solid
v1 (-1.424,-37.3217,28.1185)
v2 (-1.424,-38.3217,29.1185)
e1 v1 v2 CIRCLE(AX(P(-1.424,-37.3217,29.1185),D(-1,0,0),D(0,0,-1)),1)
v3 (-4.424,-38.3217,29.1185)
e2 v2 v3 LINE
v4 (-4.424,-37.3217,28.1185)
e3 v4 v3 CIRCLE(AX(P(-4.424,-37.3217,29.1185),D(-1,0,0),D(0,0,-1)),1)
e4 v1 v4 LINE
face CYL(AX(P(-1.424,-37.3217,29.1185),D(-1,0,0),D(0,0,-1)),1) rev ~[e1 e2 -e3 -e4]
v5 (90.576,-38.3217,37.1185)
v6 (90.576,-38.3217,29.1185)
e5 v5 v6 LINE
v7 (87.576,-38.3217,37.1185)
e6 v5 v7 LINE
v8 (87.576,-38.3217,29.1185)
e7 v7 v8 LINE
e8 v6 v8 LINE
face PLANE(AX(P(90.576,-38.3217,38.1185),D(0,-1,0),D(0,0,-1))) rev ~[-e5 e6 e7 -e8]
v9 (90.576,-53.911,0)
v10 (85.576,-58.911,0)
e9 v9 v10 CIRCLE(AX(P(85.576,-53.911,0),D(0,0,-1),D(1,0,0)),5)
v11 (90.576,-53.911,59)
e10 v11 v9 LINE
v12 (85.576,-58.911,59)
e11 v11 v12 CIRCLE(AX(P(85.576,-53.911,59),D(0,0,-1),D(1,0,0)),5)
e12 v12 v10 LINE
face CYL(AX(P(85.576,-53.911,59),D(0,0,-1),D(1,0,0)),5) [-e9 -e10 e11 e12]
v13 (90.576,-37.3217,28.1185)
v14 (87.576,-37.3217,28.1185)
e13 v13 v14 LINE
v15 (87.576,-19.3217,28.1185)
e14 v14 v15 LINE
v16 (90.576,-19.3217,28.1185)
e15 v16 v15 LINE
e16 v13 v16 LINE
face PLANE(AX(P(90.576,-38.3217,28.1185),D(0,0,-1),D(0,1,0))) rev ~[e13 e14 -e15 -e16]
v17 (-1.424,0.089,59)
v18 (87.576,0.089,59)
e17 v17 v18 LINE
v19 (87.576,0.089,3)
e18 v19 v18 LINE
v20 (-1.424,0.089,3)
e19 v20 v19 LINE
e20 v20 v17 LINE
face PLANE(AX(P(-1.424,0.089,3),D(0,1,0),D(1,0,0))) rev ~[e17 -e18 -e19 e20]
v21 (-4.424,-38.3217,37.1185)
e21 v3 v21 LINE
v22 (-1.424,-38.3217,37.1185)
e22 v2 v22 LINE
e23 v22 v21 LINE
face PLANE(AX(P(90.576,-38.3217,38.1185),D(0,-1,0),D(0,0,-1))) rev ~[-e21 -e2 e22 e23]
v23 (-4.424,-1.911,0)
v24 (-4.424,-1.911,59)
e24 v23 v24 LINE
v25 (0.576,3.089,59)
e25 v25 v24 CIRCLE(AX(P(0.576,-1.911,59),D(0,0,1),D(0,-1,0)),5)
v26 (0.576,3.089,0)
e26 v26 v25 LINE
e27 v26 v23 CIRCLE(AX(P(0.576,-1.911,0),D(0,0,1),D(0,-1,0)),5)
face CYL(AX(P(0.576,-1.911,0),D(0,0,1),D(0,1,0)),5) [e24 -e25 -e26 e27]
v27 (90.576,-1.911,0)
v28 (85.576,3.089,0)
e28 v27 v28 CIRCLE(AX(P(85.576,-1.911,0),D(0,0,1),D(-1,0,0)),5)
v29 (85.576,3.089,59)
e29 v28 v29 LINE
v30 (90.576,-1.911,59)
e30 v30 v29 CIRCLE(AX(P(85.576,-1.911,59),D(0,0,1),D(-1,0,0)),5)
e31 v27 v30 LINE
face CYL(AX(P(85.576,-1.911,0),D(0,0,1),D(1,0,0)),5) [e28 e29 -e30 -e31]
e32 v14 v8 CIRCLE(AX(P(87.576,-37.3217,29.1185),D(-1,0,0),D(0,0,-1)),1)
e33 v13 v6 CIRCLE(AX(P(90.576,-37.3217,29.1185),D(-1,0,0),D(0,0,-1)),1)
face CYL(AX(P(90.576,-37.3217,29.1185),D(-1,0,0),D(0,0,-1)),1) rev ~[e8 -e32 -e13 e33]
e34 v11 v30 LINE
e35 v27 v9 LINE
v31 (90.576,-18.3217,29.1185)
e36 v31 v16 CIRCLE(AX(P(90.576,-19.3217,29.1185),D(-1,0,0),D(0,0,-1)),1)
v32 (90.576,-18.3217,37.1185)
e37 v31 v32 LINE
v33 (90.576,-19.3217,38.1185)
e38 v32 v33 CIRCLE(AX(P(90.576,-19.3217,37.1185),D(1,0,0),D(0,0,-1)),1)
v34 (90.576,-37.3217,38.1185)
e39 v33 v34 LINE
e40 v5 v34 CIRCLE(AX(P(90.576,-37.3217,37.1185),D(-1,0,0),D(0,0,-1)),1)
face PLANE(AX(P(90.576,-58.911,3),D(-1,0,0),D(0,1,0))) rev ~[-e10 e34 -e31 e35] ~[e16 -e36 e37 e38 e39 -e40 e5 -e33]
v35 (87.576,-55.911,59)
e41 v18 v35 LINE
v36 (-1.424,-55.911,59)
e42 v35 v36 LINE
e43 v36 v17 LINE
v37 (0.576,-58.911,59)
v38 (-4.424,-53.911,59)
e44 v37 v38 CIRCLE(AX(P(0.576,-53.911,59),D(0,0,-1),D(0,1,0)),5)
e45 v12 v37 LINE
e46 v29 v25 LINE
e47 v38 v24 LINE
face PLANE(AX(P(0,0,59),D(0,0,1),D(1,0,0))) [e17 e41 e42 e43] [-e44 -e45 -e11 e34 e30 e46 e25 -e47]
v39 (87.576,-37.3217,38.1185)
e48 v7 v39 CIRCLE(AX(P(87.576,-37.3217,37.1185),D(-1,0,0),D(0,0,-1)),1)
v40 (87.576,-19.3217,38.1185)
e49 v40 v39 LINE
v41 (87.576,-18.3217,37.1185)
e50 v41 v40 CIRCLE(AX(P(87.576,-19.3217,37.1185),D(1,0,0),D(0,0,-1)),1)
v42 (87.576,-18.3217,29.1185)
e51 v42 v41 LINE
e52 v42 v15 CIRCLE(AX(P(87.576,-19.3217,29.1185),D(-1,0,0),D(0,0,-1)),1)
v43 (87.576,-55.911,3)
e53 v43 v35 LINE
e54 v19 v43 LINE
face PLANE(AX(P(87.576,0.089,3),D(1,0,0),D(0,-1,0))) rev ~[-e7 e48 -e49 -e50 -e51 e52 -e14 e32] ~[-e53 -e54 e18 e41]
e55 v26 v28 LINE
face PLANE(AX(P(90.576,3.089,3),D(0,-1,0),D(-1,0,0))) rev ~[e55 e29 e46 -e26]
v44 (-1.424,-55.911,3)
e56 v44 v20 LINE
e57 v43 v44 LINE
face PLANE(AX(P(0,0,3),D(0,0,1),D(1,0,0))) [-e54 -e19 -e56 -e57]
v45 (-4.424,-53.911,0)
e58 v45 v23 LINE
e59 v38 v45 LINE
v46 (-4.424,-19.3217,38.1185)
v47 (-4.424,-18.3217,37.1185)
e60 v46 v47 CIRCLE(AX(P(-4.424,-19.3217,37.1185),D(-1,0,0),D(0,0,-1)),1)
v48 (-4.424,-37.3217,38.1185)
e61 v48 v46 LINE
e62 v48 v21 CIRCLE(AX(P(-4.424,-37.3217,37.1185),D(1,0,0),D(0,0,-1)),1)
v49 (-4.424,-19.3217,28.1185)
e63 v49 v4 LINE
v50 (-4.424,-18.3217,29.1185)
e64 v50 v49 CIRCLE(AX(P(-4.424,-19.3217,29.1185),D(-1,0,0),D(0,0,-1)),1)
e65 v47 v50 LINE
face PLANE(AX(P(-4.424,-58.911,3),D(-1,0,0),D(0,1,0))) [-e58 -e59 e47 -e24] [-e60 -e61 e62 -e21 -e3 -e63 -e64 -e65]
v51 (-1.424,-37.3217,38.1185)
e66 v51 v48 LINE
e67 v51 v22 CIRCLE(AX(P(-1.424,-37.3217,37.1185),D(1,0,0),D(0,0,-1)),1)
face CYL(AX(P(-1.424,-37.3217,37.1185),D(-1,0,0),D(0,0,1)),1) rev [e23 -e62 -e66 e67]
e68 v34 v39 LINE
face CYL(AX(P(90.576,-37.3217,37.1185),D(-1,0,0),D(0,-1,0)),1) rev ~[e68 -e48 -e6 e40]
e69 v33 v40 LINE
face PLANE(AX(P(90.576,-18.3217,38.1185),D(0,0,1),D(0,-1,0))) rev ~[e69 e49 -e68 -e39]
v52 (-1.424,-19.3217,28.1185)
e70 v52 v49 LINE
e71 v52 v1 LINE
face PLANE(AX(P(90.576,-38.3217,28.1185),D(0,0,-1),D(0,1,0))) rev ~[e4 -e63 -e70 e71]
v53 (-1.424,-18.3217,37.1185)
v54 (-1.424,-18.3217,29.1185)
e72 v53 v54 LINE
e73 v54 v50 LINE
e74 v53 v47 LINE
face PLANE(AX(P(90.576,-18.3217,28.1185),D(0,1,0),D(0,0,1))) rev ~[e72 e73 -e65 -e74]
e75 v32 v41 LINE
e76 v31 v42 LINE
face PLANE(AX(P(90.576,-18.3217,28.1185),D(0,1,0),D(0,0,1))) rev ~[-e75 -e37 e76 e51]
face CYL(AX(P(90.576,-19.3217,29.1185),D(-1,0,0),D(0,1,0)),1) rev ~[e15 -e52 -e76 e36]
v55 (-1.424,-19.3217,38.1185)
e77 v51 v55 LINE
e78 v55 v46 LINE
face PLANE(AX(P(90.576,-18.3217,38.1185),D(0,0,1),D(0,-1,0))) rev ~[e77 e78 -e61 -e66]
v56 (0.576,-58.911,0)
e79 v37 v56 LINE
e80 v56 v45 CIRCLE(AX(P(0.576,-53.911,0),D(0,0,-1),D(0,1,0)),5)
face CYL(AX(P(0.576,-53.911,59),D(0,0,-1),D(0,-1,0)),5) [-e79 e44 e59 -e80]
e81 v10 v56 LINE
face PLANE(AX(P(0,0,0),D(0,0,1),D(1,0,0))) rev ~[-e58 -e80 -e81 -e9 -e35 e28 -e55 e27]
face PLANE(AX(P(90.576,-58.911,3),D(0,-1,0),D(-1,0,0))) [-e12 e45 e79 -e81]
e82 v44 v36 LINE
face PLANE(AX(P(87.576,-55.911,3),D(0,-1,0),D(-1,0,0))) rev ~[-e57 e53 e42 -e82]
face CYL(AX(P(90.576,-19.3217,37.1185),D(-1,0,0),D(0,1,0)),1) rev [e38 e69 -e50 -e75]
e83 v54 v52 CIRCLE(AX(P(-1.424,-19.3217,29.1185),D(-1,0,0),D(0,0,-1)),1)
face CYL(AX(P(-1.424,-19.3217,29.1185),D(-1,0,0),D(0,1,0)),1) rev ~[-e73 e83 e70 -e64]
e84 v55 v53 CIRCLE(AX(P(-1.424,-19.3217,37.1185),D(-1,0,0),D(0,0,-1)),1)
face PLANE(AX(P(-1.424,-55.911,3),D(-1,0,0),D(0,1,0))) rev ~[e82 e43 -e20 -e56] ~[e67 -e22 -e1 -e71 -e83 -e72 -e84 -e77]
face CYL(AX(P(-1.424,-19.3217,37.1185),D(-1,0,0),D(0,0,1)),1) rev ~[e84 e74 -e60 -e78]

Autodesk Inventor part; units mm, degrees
ref_plane "YZ Plane" through (0, 0, 0) normal (1, 0, 0) x (0, 1, 0)
ref_plane "XZ Plane" through (0, 0, 0) normal (0, 1, 0) x (-1, 0, 0)
ref_plane "XY Plane" through (0, 0, 0) normal (0, 0, 1) x (1, 0, 0)
sketch "Skizze1" plane through (0, 0, 0) normal (0, 0, 1) x (1, 0, 0)
  line L0 (-4.424, 3.089) -> (90.576, 3.089)
  line L1 (90.576, 3.089) -> (90.576, -58.911)
  line L2 (90.576, -58.911) -> (-4.424, -58.911)
  line L3 (-4.424, -58.911) -> (-4.424, 3.089)
  line L4 (-1.424, 0.089) -> (87.576, 0.089)
  line L5 (87.576, 0.089) -> (87.576, -55.911)
  line L6 (87.576, -55.911) -> (-1.424, -55.911)
  line L7 (-1.424, -55.911) -> (-1.424, 0.089)
  point P0 (0, 0)
  dimension "d0" = 95
  dimension "d1" = 62
  dimension "d2" = 89
  dimension "d3" = 56
  dimension "d4" = 3
  dimension "d5" = 3
extrude "Extrusion1" add sketch "Skizze1" along normal blind 3 contours L0 L1 L2 L3 | L4 L5 L6 L7
sketch "Skizze2" plane through (0, 0, 3) normal (0, 0, 1) x (1, 0, 0)
  line L0 (90.576, 3.089) -> (-4.424, 3.089) projected
  line L1 (90.576, -58.911) -> (90.576, 3.089) projected
  line L2 (-4.424, 3.089) -> (90.576, 3.089)
  line L3 (90.576, 3.089) -> (90.576, -58.911)
  line L4 (90.576, -58.911) -> (-4.424, -58.911)
  line L5 (-4.424, -58.911) -> (-4.424, 3.089)
  line L6 (-4.424, 3.089) -> (90.576, 3.089)
  line L7 (90.576, 3.089) -> (90.576, -58.911)
  line L8 (90.576, -58.911) -> (-4.424, -58.911)
  line L9 (-4.424, -58.911) -> (-4.424, 3.089)
  line L10 (-1.424, 0.089) -> (87.576, 0.089)
  line L11 (87.576, 0.089) -> (87.576, -55.911)
  line L12 (87.576, -55.911) -> (-1.424, -55.911)
  line L13 (-1.424, -55.911) -> (-1.424, 0.089)
  point P0 (0, 0)
  point P1 (-4.124, -58.911)
  point P2 (4.776, -58.911)
  dimension "d8" = 89
  dimension "d9" = 56
  dimension "d10" = 3
  dimension "d11" = 3
extrude "Extrusion2" add sketch "Skizze2" along normal blind 56
fillet "Rundung1" radius 5 4 edges at (90.576, -58.911, 29.5) (90.576, 3.089, 29.5) (-4.424, -58.911, 29.5) (-4.424, 3.089, 29.5)
sketch "Skizze3" plane through (90.576, -53.911, 0) normal (1, 0, 0) x (0, 0, -1)
  line L0 (-38.1185, 15.5893) -> (-28.1185, 15.5893)
  line L1 (-28.1185, 15.5893) -> (-28.1185, 35.5893)
  line L2 (-28.1185, 35.5893) -> (-38.1185, 35.5893)
  line L3 (-38.1185, 35.5893) -> (-38.1185, 15.5893)
  point P0 (0, 53.911)
  dimension "d15" = 10
  dimension "d16" = 20
extrude "Extrusion3" cut sketch "Skizze3" against normal blind 100
fillet "Rundung2" radius 1 8 edges at (89.076, -38.3217, 28.1185) (89.076, -18.3217, 28.1185) (89.076, -18.3217, 38.1185) (89.076, -38.3217, 38.1185) (-2.924, -38.3217, 28.1185) (-2.924, -18.3217, 28.1185) (-2.924, -18.3217, 38.1185) (-2.924, -38.3217, 38.1185)
equation "\"d12\" = d9"
properties part number "bottom"
